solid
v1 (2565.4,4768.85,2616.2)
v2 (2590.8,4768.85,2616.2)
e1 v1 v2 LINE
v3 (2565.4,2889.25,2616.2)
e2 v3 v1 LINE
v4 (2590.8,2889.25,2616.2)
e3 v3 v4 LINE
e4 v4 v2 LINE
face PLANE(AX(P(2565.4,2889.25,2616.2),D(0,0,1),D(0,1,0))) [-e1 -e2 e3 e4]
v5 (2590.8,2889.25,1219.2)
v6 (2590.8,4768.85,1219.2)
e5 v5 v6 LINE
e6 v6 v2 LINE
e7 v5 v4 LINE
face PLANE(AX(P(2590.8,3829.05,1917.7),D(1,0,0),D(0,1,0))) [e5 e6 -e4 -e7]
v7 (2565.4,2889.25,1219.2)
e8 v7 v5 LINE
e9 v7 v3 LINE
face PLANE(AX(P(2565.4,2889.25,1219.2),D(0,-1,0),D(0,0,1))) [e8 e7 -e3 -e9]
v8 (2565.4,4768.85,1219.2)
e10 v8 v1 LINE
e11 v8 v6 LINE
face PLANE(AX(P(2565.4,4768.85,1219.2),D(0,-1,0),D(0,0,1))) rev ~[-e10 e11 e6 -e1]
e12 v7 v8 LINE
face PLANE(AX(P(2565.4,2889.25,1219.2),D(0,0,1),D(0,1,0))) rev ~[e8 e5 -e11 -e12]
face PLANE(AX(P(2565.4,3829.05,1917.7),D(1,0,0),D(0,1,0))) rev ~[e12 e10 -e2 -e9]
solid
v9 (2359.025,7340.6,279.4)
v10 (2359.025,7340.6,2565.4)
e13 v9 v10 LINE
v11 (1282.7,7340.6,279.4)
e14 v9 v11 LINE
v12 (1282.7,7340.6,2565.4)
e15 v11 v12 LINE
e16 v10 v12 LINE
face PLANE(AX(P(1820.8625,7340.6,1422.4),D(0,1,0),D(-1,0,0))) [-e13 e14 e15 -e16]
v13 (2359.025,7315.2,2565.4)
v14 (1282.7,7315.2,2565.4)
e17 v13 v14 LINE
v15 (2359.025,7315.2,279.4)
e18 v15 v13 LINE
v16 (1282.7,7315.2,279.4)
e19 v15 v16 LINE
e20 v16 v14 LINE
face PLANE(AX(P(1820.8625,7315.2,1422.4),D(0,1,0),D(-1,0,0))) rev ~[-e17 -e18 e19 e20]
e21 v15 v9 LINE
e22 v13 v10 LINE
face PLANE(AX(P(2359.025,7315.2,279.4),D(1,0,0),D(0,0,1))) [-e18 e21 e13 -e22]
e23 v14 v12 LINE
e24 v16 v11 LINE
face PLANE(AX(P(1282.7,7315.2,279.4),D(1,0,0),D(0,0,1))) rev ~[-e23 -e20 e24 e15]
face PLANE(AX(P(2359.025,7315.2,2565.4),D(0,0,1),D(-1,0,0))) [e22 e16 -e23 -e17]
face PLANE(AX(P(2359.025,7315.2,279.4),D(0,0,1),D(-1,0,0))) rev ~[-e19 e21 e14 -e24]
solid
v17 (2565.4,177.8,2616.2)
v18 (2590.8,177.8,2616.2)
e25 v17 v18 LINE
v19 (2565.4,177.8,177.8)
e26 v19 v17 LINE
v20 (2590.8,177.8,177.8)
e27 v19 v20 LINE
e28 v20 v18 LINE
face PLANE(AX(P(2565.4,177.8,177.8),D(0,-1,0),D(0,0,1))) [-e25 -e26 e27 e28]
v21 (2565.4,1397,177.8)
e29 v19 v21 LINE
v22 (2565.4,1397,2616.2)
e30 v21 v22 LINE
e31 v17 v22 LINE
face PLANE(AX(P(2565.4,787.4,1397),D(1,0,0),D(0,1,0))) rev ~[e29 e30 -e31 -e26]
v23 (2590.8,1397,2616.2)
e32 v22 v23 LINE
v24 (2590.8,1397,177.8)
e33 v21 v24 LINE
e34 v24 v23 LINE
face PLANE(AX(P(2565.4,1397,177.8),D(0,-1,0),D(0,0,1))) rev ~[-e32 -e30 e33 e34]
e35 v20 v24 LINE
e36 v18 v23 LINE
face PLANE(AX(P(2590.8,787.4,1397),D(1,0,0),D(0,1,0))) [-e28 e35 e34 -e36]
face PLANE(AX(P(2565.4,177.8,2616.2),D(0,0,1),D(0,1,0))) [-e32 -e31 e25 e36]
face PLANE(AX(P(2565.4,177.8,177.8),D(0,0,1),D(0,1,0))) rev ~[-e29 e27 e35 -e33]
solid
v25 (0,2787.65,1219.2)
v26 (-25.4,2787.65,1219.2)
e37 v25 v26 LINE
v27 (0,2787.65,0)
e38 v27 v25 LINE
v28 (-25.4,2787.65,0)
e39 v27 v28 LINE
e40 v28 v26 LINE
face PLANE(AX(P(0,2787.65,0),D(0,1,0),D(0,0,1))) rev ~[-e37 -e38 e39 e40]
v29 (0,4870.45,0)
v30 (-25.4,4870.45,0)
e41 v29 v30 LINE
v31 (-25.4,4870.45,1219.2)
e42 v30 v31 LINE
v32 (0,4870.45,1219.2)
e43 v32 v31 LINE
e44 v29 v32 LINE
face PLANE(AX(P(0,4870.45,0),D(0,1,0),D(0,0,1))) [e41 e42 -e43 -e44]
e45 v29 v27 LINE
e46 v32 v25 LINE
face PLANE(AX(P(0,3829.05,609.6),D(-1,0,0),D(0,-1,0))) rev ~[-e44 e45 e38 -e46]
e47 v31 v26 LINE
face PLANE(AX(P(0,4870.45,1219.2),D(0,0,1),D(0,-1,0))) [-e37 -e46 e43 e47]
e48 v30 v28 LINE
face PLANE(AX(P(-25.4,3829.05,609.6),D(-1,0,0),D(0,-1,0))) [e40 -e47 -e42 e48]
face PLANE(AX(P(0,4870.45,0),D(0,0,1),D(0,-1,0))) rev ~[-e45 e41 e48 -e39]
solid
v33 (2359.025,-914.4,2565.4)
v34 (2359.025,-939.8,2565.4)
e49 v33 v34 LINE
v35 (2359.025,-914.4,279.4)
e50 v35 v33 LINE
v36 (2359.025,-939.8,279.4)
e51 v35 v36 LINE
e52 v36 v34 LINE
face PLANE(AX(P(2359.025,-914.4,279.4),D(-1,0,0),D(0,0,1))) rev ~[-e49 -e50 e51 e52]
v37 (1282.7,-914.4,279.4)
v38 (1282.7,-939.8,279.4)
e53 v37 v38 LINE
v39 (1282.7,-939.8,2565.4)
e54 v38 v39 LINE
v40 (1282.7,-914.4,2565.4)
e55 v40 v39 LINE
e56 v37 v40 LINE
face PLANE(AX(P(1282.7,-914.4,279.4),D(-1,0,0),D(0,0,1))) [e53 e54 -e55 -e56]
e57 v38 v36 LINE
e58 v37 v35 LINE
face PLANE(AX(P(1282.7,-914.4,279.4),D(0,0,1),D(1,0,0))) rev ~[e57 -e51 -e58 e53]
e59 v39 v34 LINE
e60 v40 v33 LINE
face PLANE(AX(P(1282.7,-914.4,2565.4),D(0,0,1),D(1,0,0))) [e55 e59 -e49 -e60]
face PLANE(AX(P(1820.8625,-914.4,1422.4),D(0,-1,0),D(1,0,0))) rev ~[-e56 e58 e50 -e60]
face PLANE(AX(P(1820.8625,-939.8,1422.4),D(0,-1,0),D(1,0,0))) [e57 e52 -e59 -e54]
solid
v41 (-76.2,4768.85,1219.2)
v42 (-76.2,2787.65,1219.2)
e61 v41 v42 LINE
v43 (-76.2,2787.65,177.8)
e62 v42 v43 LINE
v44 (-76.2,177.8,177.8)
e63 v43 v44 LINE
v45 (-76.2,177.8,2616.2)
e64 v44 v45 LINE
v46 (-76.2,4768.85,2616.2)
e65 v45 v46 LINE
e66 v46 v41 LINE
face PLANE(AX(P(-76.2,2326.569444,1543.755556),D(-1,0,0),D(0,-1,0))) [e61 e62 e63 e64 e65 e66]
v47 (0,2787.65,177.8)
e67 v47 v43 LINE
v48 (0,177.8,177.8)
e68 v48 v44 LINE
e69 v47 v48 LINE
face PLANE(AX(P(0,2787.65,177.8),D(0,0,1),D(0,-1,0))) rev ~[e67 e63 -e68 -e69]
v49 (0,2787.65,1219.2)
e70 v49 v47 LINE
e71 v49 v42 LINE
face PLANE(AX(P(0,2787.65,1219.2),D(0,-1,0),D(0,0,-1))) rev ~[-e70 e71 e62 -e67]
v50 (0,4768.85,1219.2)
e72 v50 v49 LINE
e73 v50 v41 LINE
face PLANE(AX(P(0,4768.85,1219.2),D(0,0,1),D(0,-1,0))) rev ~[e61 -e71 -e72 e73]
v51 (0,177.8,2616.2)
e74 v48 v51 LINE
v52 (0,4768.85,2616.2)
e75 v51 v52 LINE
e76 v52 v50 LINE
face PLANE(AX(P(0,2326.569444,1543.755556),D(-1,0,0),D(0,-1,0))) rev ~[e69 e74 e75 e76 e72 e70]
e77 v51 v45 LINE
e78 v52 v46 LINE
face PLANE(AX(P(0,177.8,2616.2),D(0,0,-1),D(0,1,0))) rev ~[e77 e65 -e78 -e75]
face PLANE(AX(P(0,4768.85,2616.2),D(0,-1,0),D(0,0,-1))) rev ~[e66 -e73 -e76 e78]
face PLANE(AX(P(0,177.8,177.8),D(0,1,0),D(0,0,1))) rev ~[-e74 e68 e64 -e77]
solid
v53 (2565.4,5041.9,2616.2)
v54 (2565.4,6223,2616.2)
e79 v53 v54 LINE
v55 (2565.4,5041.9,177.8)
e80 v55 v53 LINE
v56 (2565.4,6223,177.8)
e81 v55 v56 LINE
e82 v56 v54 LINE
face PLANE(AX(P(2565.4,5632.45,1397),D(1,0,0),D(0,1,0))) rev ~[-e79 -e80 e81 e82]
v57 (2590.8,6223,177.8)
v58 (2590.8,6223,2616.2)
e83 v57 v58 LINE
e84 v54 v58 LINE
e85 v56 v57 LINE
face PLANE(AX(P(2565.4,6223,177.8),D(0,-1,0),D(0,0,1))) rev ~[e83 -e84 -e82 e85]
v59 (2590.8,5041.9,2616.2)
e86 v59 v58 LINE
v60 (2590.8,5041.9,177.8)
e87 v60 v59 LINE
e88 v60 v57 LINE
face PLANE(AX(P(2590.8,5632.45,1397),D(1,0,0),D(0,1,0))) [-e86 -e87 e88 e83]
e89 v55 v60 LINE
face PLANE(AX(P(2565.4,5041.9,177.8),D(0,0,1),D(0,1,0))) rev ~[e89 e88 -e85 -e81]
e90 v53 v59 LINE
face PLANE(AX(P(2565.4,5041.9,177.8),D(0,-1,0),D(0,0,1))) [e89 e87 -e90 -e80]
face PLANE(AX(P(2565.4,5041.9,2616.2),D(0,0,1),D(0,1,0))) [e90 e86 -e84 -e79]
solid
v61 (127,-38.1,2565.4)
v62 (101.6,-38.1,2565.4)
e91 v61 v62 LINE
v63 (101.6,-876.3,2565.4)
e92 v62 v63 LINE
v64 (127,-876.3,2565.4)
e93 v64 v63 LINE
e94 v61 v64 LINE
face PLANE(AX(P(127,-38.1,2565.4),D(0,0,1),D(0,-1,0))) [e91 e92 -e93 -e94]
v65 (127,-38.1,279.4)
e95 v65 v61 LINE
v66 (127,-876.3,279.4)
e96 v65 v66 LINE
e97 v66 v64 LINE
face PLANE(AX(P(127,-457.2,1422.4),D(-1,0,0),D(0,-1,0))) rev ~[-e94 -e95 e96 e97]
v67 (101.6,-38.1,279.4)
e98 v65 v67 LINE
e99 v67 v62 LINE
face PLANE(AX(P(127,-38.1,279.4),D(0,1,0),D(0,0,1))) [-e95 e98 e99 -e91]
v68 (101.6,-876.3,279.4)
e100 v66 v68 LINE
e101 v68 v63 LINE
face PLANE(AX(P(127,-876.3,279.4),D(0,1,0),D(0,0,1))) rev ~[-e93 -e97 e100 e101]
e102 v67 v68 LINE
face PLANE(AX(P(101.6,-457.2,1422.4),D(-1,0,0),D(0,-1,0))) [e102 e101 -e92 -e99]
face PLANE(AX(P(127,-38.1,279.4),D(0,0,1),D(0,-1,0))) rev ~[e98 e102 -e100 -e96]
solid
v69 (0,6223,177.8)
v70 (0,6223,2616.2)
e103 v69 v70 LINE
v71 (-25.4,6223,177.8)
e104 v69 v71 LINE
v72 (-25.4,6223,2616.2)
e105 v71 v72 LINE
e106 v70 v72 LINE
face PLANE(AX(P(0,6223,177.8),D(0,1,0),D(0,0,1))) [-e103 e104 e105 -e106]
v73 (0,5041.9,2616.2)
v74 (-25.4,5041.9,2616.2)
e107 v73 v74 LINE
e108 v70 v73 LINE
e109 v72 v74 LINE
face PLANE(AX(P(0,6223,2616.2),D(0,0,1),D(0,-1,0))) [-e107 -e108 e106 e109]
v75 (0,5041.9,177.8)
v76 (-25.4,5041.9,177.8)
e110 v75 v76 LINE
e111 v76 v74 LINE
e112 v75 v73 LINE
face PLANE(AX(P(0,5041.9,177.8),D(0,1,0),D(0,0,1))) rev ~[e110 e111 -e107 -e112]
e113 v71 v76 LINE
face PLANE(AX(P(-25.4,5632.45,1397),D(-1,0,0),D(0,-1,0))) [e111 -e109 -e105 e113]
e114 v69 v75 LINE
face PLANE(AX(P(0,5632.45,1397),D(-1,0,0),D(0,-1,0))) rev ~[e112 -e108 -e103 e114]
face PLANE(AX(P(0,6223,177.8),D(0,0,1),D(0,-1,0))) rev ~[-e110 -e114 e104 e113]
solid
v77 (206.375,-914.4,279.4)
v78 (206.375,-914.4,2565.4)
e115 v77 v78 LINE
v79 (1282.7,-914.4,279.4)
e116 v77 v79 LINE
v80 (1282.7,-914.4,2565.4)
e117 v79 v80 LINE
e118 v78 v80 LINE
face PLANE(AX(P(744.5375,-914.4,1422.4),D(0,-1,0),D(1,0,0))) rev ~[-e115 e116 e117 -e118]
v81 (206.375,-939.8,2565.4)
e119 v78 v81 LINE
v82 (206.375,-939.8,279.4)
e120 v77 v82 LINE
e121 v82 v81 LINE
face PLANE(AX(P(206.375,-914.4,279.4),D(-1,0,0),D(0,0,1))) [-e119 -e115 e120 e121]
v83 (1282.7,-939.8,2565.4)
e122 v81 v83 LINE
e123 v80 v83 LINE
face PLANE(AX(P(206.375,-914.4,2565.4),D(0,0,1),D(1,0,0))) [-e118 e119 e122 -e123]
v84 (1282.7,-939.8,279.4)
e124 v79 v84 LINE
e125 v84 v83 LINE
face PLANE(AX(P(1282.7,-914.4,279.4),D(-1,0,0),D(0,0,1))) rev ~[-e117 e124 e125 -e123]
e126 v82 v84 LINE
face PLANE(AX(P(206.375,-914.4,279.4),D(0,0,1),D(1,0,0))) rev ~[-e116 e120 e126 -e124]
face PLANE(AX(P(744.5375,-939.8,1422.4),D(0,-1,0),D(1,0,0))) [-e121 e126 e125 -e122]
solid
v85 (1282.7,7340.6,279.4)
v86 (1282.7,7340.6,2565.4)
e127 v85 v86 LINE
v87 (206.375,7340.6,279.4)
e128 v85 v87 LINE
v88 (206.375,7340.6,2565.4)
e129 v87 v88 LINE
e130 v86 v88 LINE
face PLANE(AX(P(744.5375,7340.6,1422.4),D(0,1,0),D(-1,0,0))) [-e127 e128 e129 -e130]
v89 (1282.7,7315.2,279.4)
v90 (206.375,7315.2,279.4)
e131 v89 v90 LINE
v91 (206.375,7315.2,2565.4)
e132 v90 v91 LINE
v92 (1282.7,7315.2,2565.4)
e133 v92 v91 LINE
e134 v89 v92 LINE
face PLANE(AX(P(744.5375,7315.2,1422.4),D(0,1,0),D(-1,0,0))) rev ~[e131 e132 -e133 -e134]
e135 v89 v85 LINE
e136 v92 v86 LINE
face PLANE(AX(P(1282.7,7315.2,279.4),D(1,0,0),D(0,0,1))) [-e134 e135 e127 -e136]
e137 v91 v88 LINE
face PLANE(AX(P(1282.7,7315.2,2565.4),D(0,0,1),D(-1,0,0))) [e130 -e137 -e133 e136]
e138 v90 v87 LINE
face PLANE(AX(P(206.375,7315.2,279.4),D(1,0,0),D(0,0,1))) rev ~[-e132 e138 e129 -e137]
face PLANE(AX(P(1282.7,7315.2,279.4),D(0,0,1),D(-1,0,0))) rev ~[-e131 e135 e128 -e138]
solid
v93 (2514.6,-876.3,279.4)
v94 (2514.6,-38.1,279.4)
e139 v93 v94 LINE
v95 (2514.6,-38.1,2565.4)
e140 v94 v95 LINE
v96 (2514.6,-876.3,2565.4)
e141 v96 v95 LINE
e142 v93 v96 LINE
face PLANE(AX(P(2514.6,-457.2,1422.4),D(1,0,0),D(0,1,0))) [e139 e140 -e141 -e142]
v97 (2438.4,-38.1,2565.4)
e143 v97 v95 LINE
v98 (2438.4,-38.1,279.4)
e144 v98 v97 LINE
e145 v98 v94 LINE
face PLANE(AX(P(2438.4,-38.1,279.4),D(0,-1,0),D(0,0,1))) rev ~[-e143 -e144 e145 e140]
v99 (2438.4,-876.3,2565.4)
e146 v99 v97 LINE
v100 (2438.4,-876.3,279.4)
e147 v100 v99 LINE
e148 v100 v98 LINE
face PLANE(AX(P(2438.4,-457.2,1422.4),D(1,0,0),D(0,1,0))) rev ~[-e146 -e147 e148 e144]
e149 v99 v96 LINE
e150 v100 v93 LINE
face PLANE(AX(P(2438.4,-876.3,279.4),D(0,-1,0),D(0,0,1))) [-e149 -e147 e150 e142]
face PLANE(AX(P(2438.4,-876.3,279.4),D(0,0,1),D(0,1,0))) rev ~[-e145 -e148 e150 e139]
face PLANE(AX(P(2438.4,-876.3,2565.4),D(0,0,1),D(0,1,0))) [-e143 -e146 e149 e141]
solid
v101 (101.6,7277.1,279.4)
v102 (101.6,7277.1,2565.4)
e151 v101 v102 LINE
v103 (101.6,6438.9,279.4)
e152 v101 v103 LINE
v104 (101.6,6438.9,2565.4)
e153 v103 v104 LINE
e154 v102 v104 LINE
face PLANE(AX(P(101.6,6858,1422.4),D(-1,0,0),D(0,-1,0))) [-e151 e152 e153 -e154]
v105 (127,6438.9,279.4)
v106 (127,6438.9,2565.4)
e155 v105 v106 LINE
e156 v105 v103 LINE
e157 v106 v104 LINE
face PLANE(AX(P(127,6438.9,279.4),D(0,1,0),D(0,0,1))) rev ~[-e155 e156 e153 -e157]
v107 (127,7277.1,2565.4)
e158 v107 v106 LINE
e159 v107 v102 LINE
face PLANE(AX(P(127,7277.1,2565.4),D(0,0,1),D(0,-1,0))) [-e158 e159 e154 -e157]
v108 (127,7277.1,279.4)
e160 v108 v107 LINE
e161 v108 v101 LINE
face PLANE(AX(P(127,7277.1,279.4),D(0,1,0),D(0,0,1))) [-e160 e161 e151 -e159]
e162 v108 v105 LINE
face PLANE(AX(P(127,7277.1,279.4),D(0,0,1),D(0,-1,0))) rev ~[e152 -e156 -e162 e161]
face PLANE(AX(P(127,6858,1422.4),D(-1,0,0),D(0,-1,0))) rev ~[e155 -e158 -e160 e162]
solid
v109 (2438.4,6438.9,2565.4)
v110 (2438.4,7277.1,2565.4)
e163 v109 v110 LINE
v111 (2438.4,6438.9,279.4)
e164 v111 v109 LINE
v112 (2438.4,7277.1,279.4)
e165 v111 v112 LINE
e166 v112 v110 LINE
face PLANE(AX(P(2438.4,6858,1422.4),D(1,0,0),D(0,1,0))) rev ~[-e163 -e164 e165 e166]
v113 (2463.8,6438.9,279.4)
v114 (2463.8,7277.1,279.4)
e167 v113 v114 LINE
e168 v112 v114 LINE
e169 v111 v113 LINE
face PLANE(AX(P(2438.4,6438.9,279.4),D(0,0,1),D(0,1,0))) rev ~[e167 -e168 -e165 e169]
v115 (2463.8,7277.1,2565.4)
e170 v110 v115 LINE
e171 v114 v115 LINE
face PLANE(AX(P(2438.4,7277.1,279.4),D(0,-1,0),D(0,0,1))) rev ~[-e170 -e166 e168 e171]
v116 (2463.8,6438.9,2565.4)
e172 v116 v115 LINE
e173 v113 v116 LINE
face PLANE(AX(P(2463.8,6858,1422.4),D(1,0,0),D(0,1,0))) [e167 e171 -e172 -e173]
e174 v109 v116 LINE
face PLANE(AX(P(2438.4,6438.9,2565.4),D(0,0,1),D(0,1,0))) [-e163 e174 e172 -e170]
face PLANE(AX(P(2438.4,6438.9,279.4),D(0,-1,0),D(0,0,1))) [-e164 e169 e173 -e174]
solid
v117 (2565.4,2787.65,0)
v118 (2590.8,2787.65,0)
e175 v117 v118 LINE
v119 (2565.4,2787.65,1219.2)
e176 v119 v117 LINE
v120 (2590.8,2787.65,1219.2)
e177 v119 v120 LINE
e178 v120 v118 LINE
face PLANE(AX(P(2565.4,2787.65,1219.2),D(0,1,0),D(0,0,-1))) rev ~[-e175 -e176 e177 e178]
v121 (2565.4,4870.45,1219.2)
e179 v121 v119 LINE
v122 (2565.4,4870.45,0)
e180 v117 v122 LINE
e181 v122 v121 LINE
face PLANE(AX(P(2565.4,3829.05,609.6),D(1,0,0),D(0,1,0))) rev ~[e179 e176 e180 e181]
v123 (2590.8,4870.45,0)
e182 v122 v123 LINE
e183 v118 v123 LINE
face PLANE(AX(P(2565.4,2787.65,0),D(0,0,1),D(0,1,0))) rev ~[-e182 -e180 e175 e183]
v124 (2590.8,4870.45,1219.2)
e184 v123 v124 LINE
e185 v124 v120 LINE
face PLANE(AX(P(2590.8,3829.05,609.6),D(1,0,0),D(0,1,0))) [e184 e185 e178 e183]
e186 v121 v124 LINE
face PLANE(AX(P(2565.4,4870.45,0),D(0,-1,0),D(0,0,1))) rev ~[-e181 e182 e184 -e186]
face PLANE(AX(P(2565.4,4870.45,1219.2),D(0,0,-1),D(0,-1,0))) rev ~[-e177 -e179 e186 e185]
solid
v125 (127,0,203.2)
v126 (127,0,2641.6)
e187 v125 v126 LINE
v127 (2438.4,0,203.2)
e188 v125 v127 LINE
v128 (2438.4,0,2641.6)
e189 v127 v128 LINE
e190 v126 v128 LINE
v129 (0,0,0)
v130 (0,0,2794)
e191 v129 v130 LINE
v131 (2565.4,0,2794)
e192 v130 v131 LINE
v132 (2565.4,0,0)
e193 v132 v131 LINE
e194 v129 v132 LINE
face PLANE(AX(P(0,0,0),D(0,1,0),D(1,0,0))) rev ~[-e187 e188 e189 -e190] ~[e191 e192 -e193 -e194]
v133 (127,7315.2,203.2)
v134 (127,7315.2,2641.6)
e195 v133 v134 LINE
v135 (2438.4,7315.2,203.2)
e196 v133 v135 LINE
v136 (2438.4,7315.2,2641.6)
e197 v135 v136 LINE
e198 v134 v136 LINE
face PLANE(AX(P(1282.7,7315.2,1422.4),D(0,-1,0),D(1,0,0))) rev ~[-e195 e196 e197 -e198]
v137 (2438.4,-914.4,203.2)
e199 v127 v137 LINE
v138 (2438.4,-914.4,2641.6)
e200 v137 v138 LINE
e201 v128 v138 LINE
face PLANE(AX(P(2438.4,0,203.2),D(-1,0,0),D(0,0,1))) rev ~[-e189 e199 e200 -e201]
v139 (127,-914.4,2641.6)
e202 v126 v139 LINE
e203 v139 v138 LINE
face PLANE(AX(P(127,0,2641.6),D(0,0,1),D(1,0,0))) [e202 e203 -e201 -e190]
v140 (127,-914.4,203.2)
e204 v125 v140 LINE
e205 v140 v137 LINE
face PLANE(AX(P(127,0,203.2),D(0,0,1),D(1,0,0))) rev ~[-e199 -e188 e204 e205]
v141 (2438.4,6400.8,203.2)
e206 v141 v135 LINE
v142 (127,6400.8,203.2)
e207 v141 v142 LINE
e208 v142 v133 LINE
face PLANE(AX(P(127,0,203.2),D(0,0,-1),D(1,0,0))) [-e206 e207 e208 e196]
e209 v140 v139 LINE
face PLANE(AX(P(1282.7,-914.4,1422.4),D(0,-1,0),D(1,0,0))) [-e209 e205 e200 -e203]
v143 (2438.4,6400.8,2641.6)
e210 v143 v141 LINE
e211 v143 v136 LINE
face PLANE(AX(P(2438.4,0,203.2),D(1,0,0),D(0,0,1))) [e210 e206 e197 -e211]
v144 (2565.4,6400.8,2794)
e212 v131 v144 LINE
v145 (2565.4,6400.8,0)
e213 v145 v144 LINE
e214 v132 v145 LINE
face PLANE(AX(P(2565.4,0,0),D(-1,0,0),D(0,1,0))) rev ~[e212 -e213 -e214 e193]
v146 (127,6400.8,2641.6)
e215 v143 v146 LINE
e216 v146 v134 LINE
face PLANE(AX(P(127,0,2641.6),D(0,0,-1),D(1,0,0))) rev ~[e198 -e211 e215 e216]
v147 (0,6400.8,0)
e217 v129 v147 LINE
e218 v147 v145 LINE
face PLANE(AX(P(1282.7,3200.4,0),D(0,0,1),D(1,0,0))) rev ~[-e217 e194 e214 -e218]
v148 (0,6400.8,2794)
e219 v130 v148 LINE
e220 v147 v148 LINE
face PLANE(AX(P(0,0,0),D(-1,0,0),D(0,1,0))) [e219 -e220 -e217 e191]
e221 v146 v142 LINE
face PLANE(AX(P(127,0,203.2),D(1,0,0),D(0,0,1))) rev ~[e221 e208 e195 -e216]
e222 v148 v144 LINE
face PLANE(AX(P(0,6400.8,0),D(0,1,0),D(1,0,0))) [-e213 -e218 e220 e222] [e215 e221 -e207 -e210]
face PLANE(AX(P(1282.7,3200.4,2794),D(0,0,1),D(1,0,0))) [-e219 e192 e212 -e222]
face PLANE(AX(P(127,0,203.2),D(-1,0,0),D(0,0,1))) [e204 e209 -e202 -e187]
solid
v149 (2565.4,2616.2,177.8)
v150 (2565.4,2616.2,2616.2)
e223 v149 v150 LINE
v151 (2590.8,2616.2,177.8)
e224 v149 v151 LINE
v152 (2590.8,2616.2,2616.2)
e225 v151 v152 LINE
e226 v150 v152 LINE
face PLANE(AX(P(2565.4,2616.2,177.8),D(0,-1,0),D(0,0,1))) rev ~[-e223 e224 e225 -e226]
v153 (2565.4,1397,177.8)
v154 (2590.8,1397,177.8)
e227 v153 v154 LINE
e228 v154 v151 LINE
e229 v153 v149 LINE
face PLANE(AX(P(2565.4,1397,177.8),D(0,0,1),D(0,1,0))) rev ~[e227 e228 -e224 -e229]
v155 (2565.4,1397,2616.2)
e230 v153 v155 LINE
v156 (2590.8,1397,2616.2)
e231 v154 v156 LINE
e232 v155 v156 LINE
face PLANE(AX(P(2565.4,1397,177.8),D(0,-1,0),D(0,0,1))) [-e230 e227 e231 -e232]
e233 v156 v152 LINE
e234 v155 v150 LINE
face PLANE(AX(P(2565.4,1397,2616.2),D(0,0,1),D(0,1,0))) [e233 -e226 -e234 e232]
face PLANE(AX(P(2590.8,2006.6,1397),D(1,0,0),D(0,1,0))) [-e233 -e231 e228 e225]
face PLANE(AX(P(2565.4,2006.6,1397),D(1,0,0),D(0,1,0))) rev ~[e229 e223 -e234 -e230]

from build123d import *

# Parameters (mm, degrees)
F0_W          = 2565.4
F0_H          = 6400.8
F1_DEPTH      = 2794
F2_W          = 2311.4
F2_H          = 2438.4
F3_DEPTH      = 914.4
F3_DEPTH_BACK = 7315.2
F8_W          = 838.2
F8_H          = 2286
F7_W          = 1181.1
F7_H          = 2438.4
F7_W_2        = 2082.8
F7_H_2        = 1219.2
F13_DEPTH     = 25.4
F5_W          = 1076.325
F5_H          = 2286
F14_DEPTH     = 25.4
F15_DEPTH     = 25.4
F6_W          = 1879.6
F6_H          = 1397
F6_W_2        = 1219.2
F6_H_2        = 2438.4
F16_DEPTH     = 25.4
F10_W         = 838.2
F10_H         = 2286
F6_W_3        = 1181.1
F17_DEPTH     = 25.4
F18_DEPTH     = 76.2
F12_W         = 838.2
F12_H         = 2286
F19_DEPTH     = 76.2
F4_W          = 1076.325
F4_H          = 2286
F20_DEPTH     = 25.4
F21_DEPTH     = 25.4
F9_W          = 838.2
F9_H          = 2286
F22_DEPTH     = 25.4


with BuildPart() as f1:
    # F0 (on Top) → F1 (new body)
    with BuildSketch(Plane.XY):
        with Locations((1282.7, 3200.4)):
            Rectangle(F0_W, F0_H)
    extrude(amount=F1_DEPTH)

    # F2 (on face) → F3 (join, two sides)
    with BuildSketch(Plane.XZ) as f3_sk:
        with Locations((1282.7, 1422.4)):
            Rectangle(F2_W, F2_H)
    extrude(amount=F3_DEPTH)
    extrude(f3_sk.sketch, amount=-F3_DEPTH_BACK)


with BuildPart() as f13:
    # F8 (on face) + F7 (on face) → F13 (new body)
    with BuildSketch(Plane(origin=(127, 0, 0), x_dir=(0, -1, 0), z_dir=(-1, 0, 0))):
        with Locations((-6858, 1422.4)):
            Rectangle(F8_W, F8_H)
    with BuildSketch(Plane(origin=(0, 0, 0), x_dir=(0, -1, 0), z_dir=(-1, 0, 0))):
        with Locations((-5632.45, 1397)):
            Rectangle(F7_W, F7_H)
        with Locations((-3829.05, 609.6)):
            Rectangle(F7_W_2, F7_H_2)
    extrude(amount=F13_DEPTH)


with BuildPart() as f14:
    # F5 (on face) → F14 (new body)
    with BuildSketch(Plane(origin=(0, 7315.2, 0), x_dir=(-1, 0, 0), z_dir=(0, 1, 0))):
        with Locations((-744.5375, 1422.4)):
            Rectangle(F5_W, F5_H)
    extrude(amount=F14_DEPTH)


with BuildPart() as f15:
    # F5 (on face) → F15 (new body)
    with BuildSketch(Plane(origin=(0, 7315.2, 0), x_dir=(-1, 0, 0), z_dir=(0, 1, 0))):
        with Locations((-1820.8625, 1422.4)):
            Rectangle(F5_W, F5_H)
    extrude(amount=F15_DEPTH)


with BuildPart() as f16:
    # F6 (on face) → F16 (new body)
    with BuildSketch(Plane.YZ.offset(2565.4)):
        with Locations((3829.05, 1917.7)):
            Rectangle(F6_W, F6_H)
        with Locations((2006.6, 1397)):
            Rectangle(F6_W_2, F6_H_2)
    extrude(amount=F16_DEPTH)


with BuildPart() as f17:
    # F10 (on face) + F6 (on face) → F17 (new body)
    with BuildSketch(Plane.YZ.offset(2438.4)):
        with Locations((6858, 1422.4)):
            Rectangle(F10_W, F10_H)
    with BuildSketch(Plane.YZ.offset(2565.4)):
        with Locations((5632.45, 1397)):
            Rectangle(F6_W_3, F6_H_2)
        Polygon((2787.65, 1219.2), (2787.65, 0), (4870.45, 0), (4870.45, 1219.2), (4768.85, 1219.2), (2889.25, 1219.2), align=None)
        with Locations((787.4, 1397)):
            Rectangle(F6_W_2, F6_H_2)
    extrude(amount=F17_DEPTH)


with BuildPart() as f18:
    # F11 (on face) → F18 (new body)
    with BuildSketch(Plane(origin=(0, 0, 0), x_dir=(0, -1, 0), z_dir=(-1, 0, 0))):
        Polygon((-4768.85, 2616.2), (-4768.85, 1219.2), (-2787.65, 1219.2), (-2787.65, 177.8), (-177.8, 177.8), (-177.8, 2616.2), align=None)
    extrude(amount=F18_DEPTH)


with BuildPart() as f19:
    # F12 (on face) → F19 (new body)
    with BuildSketch(Plane.YZ.offset(2438.4)):
        with Locations((-457.2, 1422.4)):
            Rectangle(F12_W, F12_H)
    extrude(amount=F19_DEPTH)


with BuildPart() as f20:
    # F4 (on face) → F20 (new body)
    with BuildSketch(Plane.XZ.offset(914.4)):
        with Locations((1820.8625, 1422.4)):
            Rectangle(F4_W, F4_H)
    extrude(amount=F20_DEPTH)


with BuildPart() as f21:
    # F4 (on face) → F21 (new body)
    with BuildSketch(Plane.XZ.offset(914.4)):
        with Locations((744.5375, 1422.4)):
            Rectangle(F4_W, F4_H)
    extrude(amount=F21_DEPTH)


with BuildPart() as f22:
    # F9 (on face) → F22 (new body)
    with BuildSketch(Plane(origin=(127, 0, 0), x_dir=(0, -1, 0), z_dir=(-1, 0, 0))):
        with Locations((457.2, 1422.4)):
            Rectangle(F9_W, F9_H)
    extrude(amount=F22_DEPTH)


solid = Compound([f1.part, f13.part, f14.part, f15.part, f16.part, f17.part, f18.part, f19.part, f20.part, f21.part, f22.part])
